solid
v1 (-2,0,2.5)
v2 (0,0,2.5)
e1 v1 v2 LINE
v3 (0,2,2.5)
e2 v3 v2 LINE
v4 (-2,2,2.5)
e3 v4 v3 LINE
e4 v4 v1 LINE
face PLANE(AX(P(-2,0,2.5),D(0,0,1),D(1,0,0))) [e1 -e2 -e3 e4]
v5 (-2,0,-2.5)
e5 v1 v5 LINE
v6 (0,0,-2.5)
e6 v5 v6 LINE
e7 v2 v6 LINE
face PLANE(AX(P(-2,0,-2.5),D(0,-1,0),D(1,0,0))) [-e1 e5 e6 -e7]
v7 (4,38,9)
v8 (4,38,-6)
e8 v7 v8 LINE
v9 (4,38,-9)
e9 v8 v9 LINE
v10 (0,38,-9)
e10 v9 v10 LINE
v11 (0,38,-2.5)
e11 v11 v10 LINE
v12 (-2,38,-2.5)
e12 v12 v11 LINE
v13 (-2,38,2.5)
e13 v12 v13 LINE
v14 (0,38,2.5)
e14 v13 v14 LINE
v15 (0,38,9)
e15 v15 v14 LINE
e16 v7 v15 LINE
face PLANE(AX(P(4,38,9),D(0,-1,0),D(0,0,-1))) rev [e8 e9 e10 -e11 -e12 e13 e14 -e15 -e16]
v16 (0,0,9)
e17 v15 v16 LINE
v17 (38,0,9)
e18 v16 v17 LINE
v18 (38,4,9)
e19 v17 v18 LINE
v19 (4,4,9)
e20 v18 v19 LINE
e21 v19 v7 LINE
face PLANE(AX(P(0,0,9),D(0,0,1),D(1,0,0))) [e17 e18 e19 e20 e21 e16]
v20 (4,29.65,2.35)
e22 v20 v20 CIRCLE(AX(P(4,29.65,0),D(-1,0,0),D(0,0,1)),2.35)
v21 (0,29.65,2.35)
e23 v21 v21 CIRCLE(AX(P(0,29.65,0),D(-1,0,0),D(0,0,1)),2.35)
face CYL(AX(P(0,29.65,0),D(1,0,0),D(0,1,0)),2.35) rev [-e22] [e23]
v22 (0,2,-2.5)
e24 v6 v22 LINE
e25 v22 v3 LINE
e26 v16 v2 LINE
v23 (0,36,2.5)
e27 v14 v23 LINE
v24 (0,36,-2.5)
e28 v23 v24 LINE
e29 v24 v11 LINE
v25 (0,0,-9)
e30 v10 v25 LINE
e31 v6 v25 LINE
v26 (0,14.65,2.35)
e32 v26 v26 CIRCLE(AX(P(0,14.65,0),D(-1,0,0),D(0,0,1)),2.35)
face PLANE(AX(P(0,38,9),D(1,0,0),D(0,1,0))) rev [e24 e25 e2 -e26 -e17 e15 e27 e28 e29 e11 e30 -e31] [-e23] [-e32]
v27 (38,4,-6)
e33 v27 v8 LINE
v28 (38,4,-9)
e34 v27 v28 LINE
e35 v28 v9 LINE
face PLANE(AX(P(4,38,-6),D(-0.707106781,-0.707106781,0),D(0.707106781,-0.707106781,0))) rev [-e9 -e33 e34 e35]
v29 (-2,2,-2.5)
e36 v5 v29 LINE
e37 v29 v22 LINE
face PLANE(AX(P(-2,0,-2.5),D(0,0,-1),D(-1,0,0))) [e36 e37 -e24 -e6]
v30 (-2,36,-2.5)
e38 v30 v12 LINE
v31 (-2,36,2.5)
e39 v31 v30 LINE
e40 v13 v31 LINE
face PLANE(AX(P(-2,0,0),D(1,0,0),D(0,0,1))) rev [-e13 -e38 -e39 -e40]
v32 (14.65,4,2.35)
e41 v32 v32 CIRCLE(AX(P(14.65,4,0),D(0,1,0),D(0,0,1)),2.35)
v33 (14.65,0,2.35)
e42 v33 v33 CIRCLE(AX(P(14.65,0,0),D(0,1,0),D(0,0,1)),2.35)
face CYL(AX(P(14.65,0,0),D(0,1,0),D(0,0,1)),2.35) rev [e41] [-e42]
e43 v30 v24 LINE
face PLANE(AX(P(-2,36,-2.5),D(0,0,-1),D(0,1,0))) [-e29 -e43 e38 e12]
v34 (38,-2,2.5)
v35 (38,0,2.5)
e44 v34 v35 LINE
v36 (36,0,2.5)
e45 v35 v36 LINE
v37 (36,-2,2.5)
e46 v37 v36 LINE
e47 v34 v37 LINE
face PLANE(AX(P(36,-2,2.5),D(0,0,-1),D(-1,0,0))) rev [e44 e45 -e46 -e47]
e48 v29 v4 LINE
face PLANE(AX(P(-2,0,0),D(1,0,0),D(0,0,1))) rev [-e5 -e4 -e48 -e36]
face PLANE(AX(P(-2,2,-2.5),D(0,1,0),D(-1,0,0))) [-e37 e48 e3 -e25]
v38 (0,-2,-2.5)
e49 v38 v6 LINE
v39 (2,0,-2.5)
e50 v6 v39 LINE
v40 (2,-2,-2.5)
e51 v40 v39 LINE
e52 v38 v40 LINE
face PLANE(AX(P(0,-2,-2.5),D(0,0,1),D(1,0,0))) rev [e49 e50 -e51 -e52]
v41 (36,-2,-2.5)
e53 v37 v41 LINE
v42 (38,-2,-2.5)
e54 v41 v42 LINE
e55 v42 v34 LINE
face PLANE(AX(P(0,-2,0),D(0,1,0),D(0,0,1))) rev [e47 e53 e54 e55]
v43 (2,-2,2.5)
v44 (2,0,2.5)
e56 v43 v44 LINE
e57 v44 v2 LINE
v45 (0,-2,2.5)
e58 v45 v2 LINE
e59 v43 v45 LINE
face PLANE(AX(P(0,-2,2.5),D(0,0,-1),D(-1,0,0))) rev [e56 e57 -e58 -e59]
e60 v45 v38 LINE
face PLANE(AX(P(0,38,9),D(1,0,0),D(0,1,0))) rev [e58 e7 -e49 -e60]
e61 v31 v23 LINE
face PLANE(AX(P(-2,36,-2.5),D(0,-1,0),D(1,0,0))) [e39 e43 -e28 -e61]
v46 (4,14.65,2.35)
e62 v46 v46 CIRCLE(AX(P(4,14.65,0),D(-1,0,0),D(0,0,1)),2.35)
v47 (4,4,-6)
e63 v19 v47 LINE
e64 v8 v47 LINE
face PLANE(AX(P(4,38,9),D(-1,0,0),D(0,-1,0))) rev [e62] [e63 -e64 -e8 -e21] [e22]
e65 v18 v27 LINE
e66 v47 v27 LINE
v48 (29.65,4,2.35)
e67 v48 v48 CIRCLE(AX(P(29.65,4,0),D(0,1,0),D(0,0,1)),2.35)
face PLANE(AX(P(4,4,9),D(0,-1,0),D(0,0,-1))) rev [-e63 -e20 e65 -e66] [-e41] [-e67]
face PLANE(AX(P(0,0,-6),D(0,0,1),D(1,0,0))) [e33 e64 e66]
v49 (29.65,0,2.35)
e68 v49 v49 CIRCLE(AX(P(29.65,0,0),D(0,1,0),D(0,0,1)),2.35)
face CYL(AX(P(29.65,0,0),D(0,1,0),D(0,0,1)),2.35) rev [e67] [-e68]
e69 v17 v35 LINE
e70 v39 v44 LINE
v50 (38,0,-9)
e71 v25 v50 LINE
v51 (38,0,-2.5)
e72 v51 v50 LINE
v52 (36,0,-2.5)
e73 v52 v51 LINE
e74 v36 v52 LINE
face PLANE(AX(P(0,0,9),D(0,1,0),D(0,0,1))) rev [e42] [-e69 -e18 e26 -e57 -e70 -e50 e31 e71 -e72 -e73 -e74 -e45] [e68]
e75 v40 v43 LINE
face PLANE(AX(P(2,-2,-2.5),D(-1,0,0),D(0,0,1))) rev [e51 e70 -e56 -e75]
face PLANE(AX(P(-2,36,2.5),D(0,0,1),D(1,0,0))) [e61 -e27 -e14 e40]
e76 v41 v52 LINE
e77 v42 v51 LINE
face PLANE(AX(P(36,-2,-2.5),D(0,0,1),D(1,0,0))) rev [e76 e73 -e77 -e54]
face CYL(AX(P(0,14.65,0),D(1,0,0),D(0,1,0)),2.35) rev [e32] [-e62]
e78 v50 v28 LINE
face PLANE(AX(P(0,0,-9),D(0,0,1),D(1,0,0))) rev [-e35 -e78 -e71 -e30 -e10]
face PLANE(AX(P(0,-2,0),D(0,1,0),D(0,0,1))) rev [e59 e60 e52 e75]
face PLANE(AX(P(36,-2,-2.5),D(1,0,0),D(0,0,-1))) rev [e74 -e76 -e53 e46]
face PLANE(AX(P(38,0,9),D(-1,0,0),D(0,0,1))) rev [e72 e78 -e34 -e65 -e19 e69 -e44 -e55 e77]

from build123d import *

# Parameters (mm, degrees)
EXTRUDE_1_DEPTH     = 9
SKETCH_3_R          = 2.35
CUT_EXTRUDE_1_DEPTH = 5
SKETCH_4_W          = 2
SKETCH_4_H          = 5
EXTRUDE_3_DEPTH     = 2
EXTRUDE_4_DEPTH     = 3


with BuildPart() as part:
    # Эскиз1 → Бобышка-Вытянуть1 (new body, symmetric)
    with BuildSketch(Plane.XY):
        Polygon((0, 38), (0, 0), (38, 0), (38, 4), (4, 4), (4, 38), align=None)
    extrude(amount=EXTRUDE_1_DEPTH, both=True)

    # Эскиз3 → Вырез-Вытянуть1 (cut, through all)
    with BuildSketch(Plane(origin=(0, 4, 0), x_dir=(1, 0, 0), z_dir=(0, 1, 0))):
        with Locations(Location((14.65, 0, 0), (0, 0, 270))):  # turned: the seam where the file's is
            Circle(SKETCH_3_R)
        with Locations(Location((29.65, 0, 0), (0, 0, 270))):  # turned: the seam where the file's is
            Circle(SKETCH_3_R)
    cut_extrude_1 = extrude(amount=-CUT_EXTRUDE_1_DEPTH, mode=Mode.SUBTRACT)

    # Эскиз4 → Бобышка-Вытянуть3 (add)
    with BuildSketch(Plane.XZ):
        with Locations((1, 0)):
            Rectangle(SKETCH_4_W, SKETCH_4_H)
        with Locations((37, 0)):
            Rectangle(SKETCH_4_W, SKETCH_4_H)
    extrude_3 = extrude(amount=EXTRUDE_3_DEPTH)

    # Зеркальное отражение3: Вырез-Вытянуть1, Бобышка-Вытянуть3 across plane
    add(cut_extrude_1.mirror(Plane(origin=(0, 0, 0), x_dir=(0, 0, 1), z_dir=(-0.707106781, 0.707106781, 0))), mode=Mode.SUBTRACT)
    add(extrude_3.mirror(Plane(origin=(0, 0, 0), x_dir=(0, 0, 1), z_dir=(-0.707106781, 0.707106781, 0))))

    # Эскиз2 → Бобышка-Вытянуть4 (add)
    with BuildSketch(Plane.XY.offset(-9)):
        Polygon((4, 38), (38, 4), (4, 4), align=None)
    extrude(amount=EXTRUDE_4_DEPTH)


solid = part.part
